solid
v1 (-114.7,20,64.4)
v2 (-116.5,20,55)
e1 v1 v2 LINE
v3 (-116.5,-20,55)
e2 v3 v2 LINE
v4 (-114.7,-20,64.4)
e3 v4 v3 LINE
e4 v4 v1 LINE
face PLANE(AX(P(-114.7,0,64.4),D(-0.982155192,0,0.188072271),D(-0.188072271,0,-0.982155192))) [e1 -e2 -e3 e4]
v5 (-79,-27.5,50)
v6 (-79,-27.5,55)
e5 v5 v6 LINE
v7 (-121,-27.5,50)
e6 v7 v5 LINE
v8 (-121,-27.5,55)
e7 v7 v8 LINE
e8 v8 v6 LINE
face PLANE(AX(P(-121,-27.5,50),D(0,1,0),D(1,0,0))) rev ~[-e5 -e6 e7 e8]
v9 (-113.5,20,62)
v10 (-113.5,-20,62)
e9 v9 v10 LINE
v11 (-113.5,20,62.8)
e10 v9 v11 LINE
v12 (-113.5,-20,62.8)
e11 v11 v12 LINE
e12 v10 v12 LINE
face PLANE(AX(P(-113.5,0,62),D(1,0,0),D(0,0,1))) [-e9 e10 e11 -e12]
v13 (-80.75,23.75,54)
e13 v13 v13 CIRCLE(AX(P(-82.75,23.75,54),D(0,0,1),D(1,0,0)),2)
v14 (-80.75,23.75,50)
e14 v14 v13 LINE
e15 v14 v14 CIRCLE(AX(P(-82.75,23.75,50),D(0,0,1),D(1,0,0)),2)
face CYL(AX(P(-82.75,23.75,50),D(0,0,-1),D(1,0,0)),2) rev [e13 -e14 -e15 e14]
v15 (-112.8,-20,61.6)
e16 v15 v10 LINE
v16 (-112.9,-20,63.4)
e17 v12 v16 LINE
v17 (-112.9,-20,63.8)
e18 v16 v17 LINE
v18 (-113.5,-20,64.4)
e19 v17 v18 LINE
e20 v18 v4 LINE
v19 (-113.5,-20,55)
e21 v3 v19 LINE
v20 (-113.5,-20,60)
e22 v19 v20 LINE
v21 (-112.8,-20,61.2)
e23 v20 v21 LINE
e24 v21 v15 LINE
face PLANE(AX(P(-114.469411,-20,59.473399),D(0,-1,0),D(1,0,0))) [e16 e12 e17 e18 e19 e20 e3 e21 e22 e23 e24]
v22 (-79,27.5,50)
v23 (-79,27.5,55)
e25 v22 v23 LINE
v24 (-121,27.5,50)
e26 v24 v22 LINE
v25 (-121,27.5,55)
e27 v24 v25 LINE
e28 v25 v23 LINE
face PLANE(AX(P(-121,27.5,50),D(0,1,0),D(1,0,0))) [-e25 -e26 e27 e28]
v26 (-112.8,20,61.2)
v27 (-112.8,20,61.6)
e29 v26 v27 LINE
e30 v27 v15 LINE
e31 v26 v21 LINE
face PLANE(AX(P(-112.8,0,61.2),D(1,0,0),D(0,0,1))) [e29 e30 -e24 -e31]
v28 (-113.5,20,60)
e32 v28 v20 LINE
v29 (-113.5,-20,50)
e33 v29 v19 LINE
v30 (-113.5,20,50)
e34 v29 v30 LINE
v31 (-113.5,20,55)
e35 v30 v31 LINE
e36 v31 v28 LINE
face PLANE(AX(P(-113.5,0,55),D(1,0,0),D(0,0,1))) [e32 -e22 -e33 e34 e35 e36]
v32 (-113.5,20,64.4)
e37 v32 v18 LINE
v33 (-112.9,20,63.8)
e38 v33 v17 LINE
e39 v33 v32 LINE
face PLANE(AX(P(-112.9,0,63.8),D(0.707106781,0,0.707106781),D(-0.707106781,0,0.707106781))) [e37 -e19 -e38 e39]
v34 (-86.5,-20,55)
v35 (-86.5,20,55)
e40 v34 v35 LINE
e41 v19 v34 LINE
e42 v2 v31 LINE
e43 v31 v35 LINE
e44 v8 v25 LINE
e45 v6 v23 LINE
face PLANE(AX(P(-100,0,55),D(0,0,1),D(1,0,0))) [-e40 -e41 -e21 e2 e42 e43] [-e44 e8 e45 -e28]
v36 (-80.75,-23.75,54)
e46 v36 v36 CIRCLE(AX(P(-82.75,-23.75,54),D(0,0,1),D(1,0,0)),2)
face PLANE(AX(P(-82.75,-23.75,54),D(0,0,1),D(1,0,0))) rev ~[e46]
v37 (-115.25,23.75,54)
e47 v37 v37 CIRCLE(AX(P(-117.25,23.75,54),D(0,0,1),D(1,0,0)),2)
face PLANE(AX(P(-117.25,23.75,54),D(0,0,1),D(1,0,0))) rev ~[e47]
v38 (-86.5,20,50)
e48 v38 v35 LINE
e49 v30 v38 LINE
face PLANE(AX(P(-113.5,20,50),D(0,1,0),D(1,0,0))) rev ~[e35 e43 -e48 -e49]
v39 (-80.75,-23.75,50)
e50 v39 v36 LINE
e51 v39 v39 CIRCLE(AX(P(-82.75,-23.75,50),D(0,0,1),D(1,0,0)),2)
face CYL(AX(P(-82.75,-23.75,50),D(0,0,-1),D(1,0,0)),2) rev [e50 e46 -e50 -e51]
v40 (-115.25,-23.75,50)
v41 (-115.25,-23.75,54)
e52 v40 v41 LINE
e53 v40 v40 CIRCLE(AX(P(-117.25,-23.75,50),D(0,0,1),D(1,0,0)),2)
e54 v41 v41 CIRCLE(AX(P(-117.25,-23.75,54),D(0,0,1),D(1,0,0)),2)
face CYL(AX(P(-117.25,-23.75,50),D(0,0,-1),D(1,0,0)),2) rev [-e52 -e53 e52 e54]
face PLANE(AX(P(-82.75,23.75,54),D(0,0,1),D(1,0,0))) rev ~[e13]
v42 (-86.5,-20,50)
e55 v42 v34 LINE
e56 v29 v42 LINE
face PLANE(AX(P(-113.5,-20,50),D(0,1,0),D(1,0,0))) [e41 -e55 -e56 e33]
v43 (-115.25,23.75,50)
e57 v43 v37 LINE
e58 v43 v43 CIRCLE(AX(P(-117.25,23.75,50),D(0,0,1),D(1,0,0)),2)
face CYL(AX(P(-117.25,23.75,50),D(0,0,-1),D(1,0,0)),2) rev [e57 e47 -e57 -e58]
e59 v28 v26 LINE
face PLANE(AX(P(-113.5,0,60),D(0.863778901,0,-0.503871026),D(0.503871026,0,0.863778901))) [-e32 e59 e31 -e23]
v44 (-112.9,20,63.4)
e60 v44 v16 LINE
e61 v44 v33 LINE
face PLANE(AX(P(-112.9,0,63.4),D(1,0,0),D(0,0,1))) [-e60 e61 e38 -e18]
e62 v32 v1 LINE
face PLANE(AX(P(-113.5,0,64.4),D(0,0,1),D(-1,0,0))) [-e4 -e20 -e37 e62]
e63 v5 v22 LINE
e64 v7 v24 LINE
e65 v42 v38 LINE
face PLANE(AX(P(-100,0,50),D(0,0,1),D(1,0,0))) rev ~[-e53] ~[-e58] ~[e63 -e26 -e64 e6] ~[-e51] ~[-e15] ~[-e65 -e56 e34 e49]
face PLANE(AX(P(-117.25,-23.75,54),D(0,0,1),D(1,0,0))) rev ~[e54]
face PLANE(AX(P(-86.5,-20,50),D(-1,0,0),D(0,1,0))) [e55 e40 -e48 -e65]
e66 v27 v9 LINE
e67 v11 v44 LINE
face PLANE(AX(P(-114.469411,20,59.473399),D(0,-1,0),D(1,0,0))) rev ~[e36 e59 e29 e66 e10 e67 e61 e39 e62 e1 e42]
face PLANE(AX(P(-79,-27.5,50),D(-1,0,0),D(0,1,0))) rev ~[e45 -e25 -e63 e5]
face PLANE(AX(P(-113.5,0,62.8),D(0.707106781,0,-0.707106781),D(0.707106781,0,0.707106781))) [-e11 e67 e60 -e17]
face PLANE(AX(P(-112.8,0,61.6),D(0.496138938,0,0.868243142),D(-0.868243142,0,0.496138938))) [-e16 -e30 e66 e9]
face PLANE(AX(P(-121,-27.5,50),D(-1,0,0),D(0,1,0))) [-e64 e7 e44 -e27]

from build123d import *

# Parameters (mm, degrees)
SKETCH009_W     = 42
SKETCH009_H     = 55
SKETCH009_W_2   = 27
SKETCH009_H_2   = 40
PAD004_DEPTH    = 5
SKETCH010_R     = 2
POCKET004_DEPTH = 4
PAD005_DEPTH    = 20


with BuildPart() as part:
    # Sketch009 → Pad004 (new body)
    with BuildSketch(Plane.XY):
        Rectangle(SKETCH009_W, SKETCH009_H)
        Rectangle(SKETCH009_W_2, SKETCH009_H_2, mode=Mode.SUBTRACT)
    extrude(amount=PAD004_DEPTH)

    # Sketch010 → Pocket004 (cut)
    with BuildSketch(Plane.XY):
        with Locations((-17.25, 23.75)):
            Circle(SKETCH010_R)
        with Locations((17.25, 23.75)):
            Circle(SKETCH010_R)
        with Locations((17.25, -23.75)):
            Circle(SKETCH010_R)
        with Locations((-17.25, -23.75)):
            Circle(SKETCH010_R)
    extrude(amount=POCKET004_DEPTH, mode=Mode.SUBTRACT)

    # Sketch011 → Pad005 (join, symmetric)
    with BuildSketch(Plane(origin=(0, 0, 5), x_dir=(1, 0, 0), z_dir=(0, -1, 0))):
        Polygon((-13.5, 0), (-13.5, 5), (-12.8, 6.2), (-12.8, 6.6), (-13.5, 7), (-13.5, 7.8), (-12.9, 8.4), (-12.9, 8.8), (-13.5, 9.4), (-14.7, 9.4), (-16.5, 0), align=None)
    extrude(amount=PAD005_DEPTH, both=True)


with BuildPart() as part_1:
    # Body003 placement: moved
    add(part.part.moved(Location((-100, 0, 50))))


solid = part_1.part
